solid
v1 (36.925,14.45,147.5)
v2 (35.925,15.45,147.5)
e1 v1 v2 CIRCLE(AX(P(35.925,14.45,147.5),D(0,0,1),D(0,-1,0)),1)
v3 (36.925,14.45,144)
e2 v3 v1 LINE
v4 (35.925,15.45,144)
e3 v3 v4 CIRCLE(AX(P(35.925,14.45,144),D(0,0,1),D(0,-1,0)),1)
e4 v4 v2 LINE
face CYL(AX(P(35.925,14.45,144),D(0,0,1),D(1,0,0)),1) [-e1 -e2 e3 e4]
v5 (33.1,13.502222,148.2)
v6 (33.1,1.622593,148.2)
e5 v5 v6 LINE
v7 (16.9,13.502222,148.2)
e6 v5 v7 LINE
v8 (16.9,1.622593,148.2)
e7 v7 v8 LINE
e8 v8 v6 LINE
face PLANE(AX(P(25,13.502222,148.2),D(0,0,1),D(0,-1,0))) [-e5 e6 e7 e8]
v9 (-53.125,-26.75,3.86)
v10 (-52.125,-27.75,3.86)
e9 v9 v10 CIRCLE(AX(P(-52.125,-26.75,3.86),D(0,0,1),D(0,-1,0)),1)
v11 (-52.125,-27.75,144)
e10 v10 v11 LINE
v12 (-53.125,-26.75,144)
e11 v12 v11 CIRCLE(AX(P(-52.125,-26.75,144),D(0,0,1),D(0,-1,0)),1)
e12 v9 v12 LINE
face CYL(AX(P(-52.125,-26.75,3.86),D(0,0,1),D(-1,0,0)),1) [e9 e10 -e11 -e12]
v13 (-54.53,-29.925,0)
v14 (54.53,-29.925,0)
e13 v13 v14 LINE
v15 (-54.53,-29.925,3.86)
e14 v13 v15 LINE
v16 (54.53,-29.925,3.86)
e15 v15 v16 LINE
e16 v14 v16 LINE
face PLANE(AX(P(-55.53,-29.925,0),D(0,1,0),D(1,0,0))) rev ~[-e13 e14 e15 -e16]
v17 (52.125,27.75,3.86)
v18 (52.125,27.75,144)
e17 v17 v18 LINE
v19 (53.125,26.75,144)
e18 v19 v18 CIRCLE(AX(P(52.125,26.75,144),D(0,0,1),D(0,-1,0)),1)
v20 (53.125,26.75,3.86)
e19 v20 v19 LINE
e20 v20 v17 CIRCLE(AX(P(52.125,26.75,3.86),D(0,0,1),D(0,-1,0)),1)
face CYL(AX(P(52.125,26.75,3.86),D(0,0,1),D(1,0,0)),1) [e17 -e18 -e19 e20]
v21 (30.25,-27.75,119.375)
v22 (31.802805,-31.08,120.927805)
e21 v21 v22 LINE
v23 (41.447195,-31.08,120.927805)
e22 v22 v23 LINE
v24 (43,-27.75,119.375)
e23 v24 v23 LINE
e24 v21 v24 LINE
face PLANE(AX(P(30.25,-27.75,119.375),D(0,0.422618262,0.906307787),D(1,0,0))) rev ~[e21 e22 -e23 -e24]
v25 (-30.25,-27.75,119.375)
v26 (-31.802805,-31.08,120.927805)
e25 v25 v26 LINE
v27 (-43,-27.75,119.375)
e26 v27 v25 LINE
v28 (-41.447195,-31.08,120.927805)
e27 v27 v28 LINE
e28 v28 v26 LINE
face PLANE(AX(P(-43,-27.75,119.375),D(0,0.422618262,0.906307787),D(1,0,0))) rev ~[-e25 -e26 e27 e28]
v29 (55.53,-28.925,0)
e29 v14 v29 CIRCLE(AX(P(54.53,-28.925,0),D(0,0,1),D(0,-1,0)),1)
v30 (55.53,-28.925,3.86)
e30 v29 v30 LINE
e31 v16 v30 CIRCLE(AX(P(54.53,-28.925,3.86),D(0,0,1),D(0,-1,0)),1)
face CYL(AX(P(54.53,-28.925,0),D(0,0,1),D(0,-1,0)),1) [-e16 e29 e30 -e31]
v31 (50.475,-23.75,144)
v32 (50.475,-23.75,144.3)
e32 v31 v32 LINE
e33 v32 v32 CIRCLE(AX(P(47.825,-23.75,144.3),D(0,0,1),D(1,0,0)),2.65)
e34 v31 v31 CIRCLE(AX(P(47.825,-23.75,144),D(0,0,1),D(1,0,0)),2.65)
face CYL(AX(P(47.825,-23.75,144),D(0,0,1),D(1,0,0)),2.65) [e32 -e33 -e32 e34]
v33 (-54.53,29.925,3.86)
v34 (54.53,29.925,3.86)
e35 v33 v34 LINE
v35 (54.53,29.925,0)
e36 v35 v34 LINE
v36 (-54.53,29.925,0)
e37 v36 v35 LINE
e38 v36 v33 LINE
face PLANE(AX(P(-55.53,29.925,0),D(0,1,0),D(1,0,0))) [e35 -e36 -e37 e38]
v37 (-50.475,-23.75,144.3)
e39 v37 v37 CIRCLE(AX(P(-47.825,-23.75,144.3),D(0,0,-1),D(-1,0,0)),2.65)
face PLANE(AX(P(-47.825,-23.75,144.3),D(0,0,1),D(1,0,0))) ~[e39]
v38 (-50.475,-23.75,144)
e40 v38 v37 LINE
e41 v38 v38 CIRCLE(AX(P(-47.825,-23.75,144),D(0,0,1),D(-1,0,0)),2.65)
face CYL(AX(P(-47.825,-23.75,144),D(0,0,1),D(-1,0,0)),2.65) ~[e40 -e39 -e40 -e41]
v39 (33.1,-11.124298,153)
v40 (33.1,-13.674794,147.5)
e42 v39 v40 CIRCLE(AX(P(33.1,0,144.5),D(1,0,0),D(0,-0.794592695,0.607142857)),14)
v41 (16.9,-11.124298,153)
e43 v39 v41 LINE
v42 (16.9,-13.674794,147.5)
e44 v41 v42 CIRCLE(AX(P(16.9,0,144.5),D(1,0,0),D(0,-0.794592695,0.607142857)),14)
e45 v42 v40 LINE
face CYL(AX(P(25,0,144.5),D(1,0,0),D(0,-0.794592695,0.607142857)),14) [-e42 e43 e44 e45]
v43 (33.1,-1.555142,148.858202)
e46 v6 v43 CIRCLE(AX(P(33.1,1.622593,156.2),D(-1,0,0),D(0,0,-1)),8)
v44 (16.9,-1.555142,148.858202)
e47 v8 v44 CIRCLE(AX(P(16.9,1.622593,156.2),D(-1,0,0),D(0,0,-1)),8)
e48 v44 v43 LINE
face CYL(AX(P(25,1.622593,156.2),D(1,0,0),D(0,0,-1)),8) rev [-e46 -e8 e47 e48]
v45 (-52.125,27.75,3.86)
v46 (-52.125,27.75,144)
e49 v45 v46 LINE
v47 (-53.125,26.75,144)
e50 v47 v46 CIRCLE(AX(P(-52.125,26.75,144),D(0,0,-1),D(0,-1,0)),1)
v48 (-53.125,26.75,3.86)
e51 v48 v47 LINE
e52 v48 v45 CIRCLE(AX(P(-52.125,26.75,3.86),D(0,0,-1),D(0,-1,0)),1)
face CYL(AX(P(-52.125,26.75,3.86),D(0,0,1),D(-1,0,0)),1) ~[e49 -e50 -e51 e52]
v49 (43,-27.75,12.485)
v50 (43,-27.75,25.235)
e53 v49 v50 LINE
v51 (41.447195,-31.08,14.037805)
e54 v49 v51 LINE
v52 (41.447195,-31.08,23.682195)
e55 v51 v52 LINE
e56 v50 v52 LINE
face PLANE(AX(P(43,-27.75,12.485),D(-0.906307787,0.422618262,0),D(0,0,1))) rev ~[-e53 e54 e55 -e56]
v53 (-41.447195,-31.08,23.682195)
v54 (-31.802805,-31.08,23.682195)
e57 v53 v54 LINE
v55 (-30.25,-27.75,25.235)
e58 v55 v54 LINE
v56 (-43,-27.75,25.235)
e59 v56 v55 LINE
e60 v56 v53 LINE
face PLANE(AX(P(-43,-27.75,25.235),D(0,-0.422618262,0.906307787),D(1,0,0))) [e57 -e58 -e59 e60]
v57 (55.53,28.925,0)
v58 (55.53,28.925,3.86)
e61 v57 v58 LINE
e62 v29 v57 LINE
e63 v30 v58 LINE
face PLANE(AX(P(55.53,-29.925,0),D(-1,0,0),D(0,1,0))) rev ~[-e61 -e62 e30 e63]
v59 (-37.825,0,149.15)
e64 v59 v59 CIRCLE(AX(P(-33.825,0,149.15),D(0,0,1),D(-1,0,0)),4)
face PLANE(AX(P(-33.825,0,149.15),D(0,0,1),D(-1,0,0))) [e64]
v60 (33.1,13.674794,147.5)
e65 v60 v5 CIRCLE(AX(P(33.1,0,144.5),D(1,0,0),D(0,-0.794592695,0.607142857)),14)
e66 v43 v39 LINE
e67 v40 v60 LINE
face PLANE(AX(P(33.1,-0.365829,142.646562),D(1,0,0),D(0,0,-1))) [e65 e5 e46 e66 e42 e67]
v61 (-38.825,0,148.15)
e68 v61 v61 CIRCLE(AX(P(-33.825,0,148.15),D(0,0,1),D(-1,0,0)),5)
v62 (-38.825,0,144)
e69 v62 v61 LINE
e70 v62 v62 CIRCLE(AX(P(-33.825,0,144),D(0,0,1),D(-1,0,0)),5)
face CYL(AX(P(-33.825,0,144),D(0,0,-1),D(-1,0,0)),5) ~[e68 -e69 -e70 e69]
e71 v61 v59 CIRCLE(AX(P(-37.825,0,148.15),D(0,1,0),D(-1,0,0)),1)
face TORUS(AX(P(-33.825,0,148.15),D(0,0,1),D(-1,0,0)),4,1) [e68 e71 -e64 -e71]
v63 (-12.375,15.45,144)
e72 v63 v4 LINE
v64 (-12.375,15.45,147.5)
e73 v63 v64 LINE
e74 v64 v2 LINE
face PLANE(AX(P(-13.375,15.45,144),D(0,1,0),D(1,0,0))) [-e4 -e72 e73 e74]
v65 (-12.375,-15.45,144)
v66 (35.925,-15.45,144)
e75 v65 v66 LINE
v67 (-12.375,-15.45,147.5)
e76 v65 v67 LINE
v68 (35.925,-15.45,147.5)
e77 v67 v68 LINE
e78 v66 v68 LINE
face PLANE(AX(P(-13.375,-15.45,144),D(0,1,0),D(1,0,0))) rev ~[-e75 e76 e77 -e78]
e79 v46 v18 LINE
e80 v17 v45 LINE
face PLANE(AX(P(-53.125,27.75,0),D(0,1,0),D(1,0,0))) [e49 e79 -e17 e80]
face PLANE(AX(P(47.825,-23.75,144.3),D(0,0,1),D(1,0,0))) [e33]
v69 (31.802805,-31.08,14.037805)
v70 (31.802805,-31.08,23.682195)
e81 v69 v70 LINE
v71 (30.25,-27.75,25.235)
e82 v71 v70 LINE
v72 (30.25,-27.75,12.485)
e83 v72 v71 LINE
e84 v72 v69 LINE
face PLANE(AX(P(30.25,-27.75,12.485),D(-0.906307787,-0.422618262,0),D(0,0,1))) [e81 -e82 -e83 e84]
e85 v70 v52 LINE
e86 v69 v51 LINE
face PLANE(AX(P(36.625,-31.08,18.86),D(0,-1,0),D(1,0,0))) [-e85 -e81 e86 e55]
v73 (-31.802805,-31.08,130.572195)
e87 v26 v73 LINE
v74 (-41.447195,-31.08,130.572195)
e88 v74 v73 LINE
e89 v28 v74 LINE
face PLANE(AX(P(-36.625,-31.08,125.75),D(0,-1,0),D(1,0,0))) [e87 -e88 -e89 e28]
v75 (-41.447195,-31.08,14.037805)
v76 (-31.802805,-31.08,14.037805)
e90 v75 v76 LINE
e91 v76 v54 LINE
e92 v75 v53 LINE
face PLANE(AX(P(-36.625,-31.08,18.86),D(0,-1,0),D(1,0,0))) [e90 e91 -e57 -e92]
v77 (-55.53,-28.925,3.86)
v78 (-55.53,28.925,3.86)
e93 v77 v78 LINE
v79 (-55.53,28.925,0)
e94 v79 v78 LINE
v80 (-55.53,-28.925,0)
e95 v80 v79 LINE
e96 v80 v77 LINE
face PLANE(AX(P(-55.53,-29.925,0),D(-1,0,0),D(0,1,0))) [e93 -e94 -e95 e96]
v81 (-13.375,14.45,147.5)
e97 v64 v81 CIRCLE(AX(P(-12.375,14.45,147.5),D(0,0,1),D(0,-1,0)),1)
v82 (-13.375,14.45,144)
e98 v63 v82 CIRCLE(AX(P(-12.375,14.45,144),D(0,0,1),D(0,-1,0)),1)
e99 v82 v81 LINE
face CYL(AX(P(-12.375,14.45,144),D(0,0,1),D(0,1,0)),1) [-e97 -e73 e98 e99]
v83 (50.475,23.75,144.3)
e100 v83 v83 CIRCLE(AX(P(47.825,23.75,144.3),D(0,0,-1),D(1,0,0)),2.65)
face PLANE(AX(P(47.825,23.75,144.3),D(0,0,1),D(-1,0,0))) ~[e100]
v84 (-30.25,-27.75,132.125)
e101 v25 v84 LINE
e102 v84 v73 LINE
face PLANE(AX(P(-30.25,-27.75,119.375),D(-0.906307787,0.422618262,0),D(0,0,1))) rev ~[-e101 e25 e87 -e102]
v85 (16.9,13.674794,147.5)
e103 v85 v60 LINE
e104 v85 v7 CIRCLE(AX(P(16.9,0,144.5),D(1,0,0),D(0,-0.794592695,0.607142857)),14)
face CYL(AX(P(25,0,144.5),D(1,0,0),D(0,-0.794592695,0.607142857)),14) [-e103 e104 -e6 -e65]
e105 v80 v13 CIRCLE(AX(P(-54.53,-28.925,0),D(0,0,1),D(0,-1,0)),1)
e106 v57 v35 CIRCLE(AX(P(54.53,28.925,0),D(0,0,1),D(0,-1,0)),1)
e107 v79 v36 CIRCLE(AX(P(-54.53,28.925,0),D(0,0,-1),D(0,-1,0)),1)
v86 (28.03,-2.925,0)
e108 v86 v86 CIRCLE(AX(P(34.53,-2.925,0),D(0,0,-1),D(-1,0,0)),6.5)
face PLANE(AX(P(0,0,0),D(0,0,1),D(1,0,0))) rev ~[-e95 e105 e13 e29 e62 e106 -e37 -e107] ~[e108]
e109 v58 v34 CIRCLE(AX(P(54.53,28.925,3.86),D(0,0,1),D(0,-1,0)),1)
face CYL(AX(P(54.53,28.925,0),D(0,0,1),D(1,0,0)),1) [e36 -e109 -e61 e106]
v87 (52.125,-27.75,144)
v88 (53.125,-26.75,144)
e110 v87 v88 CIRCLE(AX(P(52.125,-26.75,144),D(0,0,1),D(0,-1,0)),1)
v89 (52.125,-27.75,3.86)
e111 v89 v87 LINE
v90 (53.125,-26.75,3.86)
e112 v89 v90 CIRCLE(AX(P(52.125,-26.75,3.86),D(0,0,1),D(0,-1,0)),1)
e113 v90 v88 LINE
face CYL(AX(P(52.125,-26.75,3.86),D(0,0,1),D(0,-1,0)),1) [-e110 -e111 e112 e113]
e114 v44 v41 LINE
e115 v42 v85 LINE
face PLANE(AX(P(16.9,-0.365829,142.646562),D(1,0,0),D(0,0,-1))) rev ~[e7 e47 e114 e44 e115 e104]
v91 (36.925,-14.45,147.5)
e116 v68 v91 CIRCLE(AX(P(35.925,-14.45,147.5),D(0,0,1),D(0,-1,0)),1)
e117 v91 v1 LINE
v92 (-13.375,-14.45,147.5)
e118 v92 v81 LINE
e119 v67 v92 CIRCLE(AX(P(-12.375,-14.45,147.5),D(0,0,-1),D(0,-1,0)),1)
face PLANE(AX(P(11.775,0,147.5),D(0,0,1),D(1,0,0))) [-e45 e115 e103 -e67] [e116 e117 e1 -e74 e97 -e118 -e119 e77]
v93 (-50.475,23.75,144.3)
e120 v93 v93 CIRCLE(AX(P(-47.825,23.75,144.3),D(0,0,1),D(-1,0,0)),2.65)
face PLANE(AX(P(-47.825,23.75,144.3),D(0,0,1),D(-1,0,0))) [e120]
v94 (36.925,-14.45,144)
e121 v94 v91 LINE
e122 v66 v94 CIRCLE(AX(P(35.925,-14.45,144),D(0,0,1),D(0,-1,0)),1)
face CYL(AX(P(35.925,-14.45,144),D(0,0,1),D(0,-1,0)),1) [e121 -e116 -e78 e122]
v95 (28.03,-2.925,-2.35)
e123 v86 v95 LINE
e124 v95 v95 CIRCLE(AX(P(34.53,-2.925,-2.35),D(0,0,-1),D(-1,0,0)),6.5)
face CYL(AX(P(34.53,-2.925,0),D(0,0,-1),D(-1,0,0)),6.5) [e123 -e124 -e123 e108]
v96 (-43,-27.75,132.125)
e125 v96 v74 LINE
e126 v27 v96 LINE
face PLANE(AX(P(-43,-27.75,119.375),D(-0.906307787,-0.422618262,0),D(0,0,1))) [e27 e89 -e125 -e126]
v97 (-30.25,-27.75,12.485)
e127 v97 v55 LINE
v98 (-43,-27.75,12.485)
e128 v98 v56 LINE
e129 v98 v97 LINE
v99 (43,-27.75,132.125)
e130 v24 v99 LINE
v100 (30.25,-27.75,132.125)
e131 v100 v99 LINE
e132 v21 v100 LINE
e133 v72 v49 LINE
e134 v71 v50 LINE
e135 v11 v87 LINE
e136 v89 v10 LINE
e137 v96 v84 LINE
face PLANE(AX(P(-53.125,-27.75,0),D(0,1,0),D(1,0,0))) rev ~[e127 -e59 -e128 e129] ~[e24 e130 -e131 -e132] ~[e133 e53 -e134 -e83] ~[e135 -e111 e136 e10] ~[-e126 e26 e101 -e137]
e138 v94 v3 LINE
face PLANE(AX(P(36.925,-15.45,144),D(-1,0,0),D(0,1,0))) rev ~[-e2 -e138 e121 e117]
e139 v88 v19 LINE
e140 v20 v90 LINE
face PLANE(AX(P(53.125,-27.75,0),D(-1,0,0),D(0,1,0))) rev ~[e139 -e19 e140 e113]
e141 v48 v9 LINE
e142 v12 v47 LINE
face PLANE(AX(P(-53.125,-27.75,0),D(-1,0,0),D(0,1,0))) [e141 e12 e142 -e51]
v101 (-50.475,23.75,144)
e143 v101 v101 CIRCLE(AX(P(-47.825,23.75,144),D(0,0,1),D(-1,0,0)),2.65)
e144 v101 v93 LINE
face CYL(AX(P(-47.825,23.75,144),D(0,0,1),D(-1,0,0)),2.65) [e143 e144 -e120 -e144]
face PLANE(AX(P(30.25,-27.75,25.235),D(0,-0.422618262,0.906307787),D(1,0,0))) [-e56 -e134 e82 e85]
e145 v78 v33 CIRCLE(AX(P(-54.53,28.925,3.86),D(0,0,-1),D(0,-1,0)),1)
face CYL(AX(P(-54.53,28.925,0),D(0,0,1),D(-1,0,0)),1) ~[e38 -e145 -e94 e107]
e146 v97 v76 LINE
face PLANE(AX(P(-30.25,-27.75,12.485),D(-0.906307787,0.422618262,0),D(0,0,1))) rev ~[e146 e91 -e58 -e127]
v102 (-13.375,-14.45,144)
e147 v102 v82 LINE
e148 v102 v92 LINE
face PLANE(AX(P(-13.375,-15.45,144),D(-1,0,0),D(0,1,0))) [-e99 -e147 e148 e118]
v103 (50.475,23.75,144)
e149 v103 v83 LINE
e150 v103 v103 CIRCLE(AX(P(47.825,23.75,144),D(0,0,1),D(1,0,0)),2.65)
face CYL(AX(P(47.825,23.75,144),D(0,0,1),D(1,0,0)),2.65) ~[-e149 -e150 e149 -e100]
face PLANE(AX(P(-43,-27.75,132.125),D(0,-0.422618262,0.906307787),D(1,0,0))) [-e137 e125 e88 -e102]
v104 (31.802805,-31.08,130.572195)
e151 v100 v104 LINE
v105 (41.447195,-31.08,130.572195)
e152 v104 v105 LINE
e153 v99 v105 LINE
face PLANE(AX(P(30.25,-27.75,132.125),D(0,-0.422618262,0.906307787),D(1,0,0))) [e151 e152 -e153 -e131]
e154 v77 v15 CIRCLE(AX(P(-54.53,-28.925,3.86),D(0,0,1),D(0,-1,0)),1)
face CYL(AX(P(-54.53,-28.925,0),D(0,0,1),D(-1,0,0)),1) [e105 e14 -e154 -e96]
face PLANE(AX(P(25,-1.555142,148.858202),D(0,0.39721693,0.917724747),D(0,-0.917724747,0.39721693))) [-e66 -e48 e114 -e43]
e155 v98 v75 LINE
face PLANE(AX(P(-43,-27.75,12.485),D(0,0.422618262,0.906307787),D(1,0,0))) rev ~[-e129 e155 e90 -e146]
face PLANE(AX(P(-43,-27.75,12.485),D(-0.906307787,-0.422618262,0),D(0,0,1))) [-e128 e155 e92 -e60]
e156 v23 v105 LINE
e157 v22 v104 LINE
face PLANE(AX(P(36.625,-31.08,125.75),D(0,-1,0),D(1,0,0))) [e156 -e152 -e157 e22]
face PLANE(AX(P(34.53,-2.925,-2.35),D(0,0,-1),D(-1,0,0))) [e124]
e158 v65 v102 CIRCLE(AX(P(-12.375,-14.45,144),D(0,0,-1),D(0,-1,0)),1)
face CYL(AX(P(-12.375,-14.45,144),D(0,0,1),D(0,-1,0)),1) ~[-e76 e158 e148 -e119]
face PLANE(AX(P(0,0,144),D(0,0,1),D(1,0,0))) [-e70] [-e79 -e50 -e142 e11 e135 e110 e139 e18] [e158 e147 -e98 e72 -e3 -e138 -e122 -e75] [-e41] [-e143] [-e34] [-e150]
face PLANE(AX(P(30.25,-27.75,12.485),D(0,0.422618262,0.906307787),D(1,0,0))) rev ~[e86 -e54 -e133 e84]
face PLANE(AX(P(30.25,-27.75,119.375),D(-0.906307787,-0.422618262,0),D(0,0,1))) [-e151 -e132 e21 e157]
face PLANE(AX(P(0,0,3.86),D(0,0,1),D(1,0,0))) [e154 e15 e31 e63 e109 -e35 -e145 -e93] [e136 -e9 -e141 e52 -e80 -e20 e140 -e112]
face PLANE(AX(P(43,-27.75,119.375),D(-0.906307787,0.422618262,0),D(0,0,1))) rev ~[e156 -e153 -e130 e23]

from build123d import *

# Parameters (mm, degrees)
SKETCH1_W               = 111.06
SKETCH1_H               = 59.85
FACE_2_DEPTH            = 3.86
FACE_FILLETS_R          = 1
SKETCH2_W               = 106.25
SKETCH2_H               = 55.5
BODY_DEPTH              = 144
SKETCH3_W               = 12.75
SKETCH3_H               = 12.75
FEET_DEPTH              = 3.33
FEET_DRAFT              = 25
FEET_PROFILE_2_DEPTH    = 3.33
FEET_PROFILE_2_DRAFT    = 25
FEET_PROFILE_3_DEPTH    = 3.33
FEET_PROFILE_3_DRAFT    = 25
FEET_PROFILE_4_DEPTH    = 3.33
FEET_PROFILE_4_DRAFT    = 25
BODY_FILLETS_R          = 1
SKETCH4_R               = 5
GND_BANNANA_PORT_DEPTH  = 5.15
FILLET3_R               = 1
SKETCH5_W               = 50.3
SKETCH5_H               = 30.9
POWER_PORT_DEPTH        = 3.5
FILLET4_R               = 1
BOSS_EXTRUDE6_DEPTH     = 8.1
SKETCH7_R               = 6.5
BOSS_EXTRUDE7_DEPTH     = 2.35
SKETCH8_R               = 2.65
BOSS_EXTRUDE8_DEPTH     = 0.3
MIRROR2_COPY_1_SKETCH_R = 2.65
MIRROR2_COPY_1_DEPTH    = 0.3


with BuildPart() as part:
    # Sketch1 → Face 2 (new body)
    with BuildSketch(Plane.XY):
        Rectangle(SKETCH1_W, SKETCH1_H)
    extrude(amount=FACE_2_DEPTH)

    # Face Fillets
    face_fillets_edges = [part.edges().sort_by_distance(p)[0] for p in [
        (55.53, -29.925, 1.93),
        (-55.53, -29.925, 1.93),
        (-55.53, 29.925, 1.93),
        (55.53, 29.925, 1.93),
    ]]
    fillet(face_fillets_edges, radius=FACE_FILLETS_R)

    # Sketch2 → Body (add)
    with BuildSketch(Plane.XY):
        Rectangle(SKETCH2_W, SKETCH2_H)
    extrude(amount=BODY_DEPTH)


with BuildPart() as feet_tool:
    # Sketch3 → Feet (with draft: the straight prism first)
    with BuildSketch(Plane.XZ.offset(27.75)):
        with Locations((-36.625, 125.75)):
            Rectangle(SKETCH3_W, SKETCH3_H)
    extrude(amount=FEET_DEPTH)
    # Feet: the draft: its side faces are tilted about the plane it starts from
    feet_sides = [feet_tool.faces().sort_by_distance(p)[0] for p in [
        (-36.625, -29.415, 119.375),
        (-30.25, -29.415, 125.75),
        (-36.625, -29.415, 132.125),
        (-43, -29.415, 125.75),
    ]]
    draft(feet_sides, Plane.XZ.offset(27.75), FEET_DRAFT)


with BuildPart() as part_1:
    add(part.part)

    # Feet: add feet_tool
    add(feet_tool.part)


with BuildPart() as feet_profile_2_tool:
    # Sketch3 → Feet profile 2 (with draft: the straight prism first)
    with BuildSketch(Plane.XZ.offset(27.75)):
        with Locations((36.625, 125.75)):
            Rectangle(SKETCH3_W, SKETCH3_H)
    extrude(amount=FEET_PROFILE_2_DEPTH)
    # Feet profile 2: the draft: its side faces are tilted about the plane it starts from
    feet_profile_2_sides = [feet_profile_2_tool.faces().sort_by_distance(p)[0] for p in [
        (36.625, -29.415, 119.375),
        (43, -29.415, 125.75),
        (36.625, -29.415, 132.125),
        (30.25, -29.415, 125.75),
    ]]
    draft(feet_profile_2_sides, Plane.XZ.offset(27.75), FEET_PROFILE_2_DRAFT)


with BuildPart() as part_2:
    add(part_1.part)

    # Feet profile 2: add feet_profile_2_tool
    add(feet_profile_2_tool.part)


with BuildPart() as feet_profile_3_tool:
    # Sketch3 → Feet profile 3 (with draft: the straight prism first)
    with BuildSketch(Plane.XZ.offset(27.75)):
        with Locations((36.625, 18.86)):
            Rectangle(SKETCH3_W, SKETCH3_H)
    extrude(amount=FEET_PROFILE_3_DEPTH)
    # Feet profile 3: the draft: its side faces are tilted about the plane it starts from
    feet_profile_3_sides = [feet_profile_3_tool.faces().sort_by_distance(p)[0] for p in [
        (36.625, -29.415, 12.485),
        (43, -29.415, 18.86),
        (36.625, -29.415, 25.235),
        (30.25, -29.415, 18.86),
    ]]
    draft(feet_profile_3_sides, Plane.XZ.offset(27.75), FEET_PROFILE_3_DRAFT)


with BuildPart() as part_3:
    add(part_2.part)

    # Feet profile 3: add feet_profile_3_tool
    add(feet_profile_3_tool.part)


with BuildPart() as feet_profile_4_tool:
    # Sketch3 → Feet profile 4 (with draft: the straight prism first)
    with BuildSketch(Plane.XZ.offset(27.75)):
        with Locations((-36.625, 18.86)):
            Rectangle(SKETCH3_W, SKETCH3_H)
    extrude(amount=FEET_PROFILE_4_DEPTH)
    # Feet profile 4: the draft: its side faces are tilted about the plane it starts from
    feet_profile_4_sides = [feet_profile_4_tool.faces().sort_by_distance(p)[0] for p in [
        (-36.625, -29.415, 12.485),
        (-30.25, -29.415, 18.86),
        (-36.625, -29.415, 25.235),
        (-43, -29.415, 18.86),
    ]]
    draft(feet_profile_4_sides, Plane.XZ.offset(27.75), FEET_PROFILE_4_DRAFT)


with BuildPart() as part_4:
    add(part_3.part)

    # Feet profile 4: add feet_profile_4_tool
    add(feet_profile_4_tool.part)

    # Body Fillets
    body_fillets_edges = [part_4.edges().sort_by_distance(p)[0] for p in [
        (53.125, -27.75, 73.93),
        (53.125, 27.75, 73.93),
        (-53.125, 27.75, 73.93),
        (-53.125, -27.75, 73.93),
    ]]
    fillet(body_fillets_edges, radius=BODY_FILLETS_R)

    # Sketch4 → GND Bannana Port (add)
    with BuildSketch(Plane.XY.offset(144)):
        with Locations(Location((-33.825, 0, 0), (0, 0, 180))):
            Circle(SKETCH4_R)
    extrude(amount=GND_BANNANA_PORT_DEPTH)

    # Fillet3
    fillet3_edges = [part_4.edges().sort_by_distance(p)[0] for p in [
        (-28.825, 0, 149.15),
    ]]
    fillet(fillet3_edges, radius=FILLET3_R)

    # Sketch5 → Power Port (add)
    with BuildSketch(Plane.XY.offset(144)):
        with Locations((11.775, 0)):
            Rectangle(SKETCH5_W, SKETCH5_H)
    extrude(amount=POWER_PORT_DEPTH)

    # Fillet4
    fillet4_edges = [part_4.edges().sort_by_distance(p)[0] for p in [
        (36.925, -15.45, 145.75),
        (36.925, 15.45, 145.75),
        (-13.375, 15.45, 145.75),
        (-13.375, -15.45, 145.75),
    ]]
    fillet(fillet4_edges, radius=FILLET4_R)

    # Sketch6 → Boss-Extrude6 (add, symmetric)
    with BuildSketch(Plane(origin=(25, 0, 0), x_dir=(0, 0, -1), z_dir=(1, 0, 0))):
        with BuildLine():
            Line((-148.2, 13.502222039), (-148.2, 1.62259302))
            ThreePointArc((-148.2, 1.62259302), (-148.366278541, 0), (-148.858202027, -1.55514242))
            Line((-148.858202027, -1.55514242), (-153, -11.124297731))
            ThreePointArc((-153, -11.124297731), (-130.758589265, -2.678363494), (-148.2, 13.502222039))
        make_face()
    extrude(amount=BOSS_EXTRUDE6_DEPTH, both=True)

    # Sketch7 → Boss-Extrude7 (add, symmetric)
    with BuildSketch(Plane(origin=(0, 0, 0), x_dir=(-1, 0, 0), z_dir=(0, 0, -1))):
        with Locations((-34.53, -2.925)):
            Circle(SKETCH7_R)
    extrude(amount=BOSS_EXTRUDE7_DEPTH, both=True)

    # Sketch8 → Boss-Extrude8 (add, symmetric)
    with BuildSketch(Plane.XY.offset(144)):
        with Locations(Location((-47.825, 23.75, 0), (0, 0, 180))):
            Circle(SKETCH8_R)
    boss_extrude8 = extrude(amount=BOSS_EXTRUDE8_DEPTH, both=True)

    # Mirror1: Boss-Extrude8 across plane
    add(boss_extrude8.mirror(Plane(origin=(0, 0, 0), x_dir=(0, 0, 1), z_dir=(1, 0, 0))))

    # Mirror2: Boss-Extrude8 across plane
    add(boss_extrude8.mirror(Plane.ZX))

    # Mirror2 copy 1 sketch → Mirror2 copy 1 (add, symmetric)
    with BuildSketch(Plane(origin=(0, 0, 144), x_dir=(-1, 0, 0), z_dir=(0, 0, 1))):
        with Locations(Location((-47.825, 23.75, 0), (0, 0, 180))):
            Circle(MIRROR2_COPY_1_SKETCH_R)
    extrude(amount=MIRROR2_COPY_1_DEPTH, both=True)


solid = part_4.part
